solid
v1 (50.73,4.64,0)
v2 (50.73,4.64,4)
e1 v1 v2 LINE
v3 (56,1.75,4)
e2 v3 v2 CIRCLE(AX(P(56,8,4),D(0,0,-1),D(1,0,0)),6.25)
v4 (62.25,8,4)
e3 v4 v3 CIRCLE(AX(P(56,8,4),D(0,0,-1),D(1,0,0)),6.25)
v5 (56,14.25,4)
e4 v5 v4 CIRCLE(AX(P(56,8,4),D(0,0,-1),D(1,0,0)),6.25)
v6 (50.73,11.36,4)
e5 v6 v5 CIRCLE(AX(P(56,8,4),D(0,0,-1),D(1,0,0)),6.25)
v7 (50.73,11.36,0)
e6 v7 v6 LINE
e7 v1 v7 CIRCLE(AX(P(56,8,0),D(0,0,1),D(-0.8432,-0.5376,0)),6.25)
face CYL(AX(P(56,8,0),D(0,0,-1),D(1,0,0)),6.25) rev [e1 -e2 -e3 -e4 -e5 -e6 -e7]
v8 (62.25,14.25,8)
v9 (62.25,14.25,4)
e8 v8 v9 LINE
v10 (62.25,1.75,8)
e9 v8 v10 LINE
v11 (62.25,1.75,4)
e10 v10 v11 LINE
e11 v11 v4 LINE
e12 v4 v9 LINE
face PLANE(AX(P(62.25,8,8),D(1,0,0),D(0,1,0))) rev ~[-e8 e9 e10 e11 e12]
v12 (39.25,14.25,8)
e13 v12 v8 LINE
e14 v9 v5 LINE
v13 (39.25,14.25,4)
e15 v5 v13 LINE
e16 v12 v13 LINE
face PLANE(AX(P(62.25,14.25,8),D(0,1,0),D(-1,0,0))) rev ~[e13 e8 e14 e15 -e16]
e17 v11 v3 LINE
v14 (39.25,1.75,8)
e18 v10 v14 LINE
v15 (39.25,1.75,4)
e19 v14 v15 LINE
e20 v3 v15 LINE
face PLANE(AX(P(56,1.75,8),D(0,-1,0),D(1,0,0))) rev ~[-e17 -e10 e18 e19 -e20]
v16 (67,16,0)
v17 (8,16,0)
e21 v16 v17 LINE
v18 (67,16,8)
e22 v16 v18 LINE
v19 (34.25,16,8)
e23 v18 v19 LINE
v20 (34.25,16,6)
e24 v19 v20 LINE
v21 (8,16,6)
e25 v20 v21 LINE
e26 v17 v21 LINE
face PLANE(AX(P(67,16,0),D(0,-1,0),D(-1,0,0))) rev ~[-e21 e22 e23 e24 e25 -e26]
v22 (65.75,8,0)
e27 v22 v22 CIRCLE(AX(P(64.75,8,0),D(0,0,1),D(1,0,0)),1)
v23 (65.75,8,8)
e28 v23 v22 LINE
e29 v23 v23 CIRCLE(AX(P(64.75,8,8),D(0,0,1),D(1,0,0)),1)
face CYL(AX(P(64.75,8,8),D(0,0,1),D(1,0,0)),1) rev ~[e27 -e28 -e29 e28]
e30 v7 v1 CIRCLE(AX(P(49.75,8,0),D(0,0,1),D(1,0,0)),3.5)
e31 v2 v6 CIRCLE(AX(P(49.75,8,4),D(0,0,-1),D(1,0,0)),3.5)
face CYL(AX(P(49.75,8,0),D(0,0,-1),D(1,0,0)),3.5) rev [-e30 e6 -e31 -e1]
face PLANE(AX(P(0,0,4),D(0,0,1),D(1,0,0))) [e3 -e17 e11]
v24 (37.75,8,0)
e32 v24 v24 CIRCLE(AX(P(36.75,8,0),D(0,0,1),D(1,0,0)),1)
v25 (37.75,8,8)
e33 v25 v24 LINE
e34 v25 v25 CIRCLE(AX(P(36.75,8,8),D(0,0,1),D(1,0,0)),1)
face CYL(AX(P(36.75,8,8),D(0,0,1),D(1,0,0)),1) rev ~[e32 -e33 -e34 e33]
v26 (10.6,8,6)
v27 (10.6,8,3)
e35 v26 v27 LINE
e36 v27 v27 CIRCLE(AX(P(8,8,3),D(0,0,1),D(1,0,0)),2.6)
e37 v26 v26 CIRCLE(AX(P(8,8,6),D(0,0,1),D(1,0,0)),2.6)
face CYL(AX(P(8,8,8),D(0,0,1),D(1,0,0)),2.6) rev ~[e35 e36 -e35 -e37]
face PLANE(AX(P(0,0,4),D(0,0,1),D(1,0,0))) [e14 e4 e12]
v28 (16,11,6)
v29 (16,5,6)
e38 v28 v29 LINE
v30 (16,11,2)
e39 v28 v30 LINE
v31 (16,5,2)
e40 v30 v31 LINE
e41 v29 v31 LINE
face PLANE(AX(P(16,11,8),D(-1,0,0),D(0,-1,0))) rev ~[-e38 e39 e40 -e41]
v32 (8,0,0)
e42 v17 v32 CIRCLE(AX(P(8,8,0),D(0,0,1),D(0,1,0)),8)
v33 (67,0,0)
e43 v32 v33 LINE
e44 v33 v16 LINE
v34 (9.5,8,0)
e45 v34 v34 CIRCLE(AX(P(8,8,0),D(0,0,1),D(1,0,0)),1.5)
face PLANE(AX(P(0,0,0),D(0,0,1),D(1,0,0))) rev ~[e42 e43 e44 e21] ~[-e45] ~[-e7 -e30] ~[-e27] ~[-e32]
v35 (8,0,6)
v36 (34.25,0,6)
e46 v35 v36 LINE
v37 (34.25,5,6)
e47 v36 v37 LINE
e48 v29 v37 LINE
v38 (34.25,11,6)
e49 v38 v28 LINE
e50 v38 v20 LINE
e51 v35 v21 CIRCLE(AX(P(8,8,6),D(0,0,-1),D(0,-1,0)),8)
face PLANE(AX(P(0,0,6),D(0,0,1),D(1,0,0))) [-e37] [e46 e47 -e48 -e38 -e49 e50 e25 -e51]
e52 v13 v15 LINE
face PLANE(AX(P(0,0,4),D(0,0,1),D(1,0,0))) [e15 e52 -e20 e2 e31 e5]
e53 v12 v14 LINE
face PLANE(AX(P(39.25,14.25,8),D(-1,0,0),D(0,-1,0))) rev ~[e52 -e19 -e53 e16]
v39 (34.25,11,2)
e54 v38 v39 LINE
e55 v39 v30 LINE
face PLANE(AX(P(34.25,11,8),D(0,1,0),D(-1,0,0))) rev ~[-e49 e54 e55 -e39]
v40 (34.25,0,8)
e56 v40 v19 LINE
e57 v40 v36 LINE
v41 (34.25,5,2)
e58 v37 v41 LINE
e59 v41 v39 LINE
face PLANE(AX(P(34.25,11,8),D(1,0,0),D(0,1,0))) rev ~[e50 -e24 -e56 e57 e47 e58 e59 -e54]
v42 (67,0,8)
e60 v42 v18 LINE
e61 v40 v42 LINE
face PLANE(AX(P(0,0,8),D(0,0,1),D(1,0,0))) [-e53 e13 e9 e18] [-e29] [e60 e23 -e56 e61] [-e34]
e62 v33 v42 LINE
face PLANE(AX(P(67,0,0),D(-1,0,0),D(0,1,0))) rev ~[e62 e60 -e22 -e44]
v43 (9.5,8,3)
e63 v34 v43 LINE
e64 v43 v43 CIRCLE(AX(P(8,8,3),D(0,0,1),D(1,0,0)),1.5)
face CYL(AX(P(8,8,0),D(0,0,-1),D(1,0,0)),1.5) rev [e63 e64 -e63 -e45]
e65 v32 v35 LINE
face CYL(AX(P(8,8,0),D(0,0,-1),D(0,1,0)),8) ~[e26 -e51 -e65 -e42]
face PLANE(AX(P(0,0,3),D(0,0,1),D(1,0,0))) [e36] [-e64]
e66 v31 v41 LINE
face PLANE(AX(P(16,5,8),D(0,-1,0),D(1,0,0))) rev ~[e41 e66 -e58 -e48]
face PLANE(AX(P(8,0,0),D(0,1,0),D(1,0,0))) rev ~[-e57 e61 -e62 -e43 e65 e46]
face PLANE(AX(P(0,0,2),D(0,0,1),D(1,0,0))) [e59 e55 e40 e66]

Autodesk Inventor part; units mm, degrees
ref_plane "YZ Plane" through (0, 0, 0) normal (1, 0, 0) x (0, 1, 0)
ref_plane "XZ Plane" through (0, 0, 0) normal (0, 1, 0) x (-1, 0, 0)
ref_plane "XY Plane" through (0, 0, 0) normal (0, 0, 1) x (1, 0, 0)
sketch "Sketch1" plane through (0, 0, 0) normal (0, 0, 1) x (1, 0, 0)
  line L0 (8, 0) -> (67, 0)
  line L1 (67, 0) -> (67, 16)
  line L2 (67, 16) -> (8, 16)
  circle A0 centre (8, 8) radius 1.5
  circle A1 centre (56, 8) radius 6.25
  circle A2 centre (49.75, 8) radius 3.5
  arc A3 (8, 16) -> (8, 0) centre (8, 8) ccw
  point P0 (0, 0)
  point P1 (0, 8)
  point P2 (50.73, 4.64)
  point P3 (50.73, 11.36)
  dimension "d8" = 12.5
  dimension "d0" = 16
  dimension "d2" = 3
  dimension "d3" = 7
  dimension "d4" = 48
  dimension "d6" = 11
  dimension "d7" = 8
  dimension "d9" = 8
  dimension "d10" = 8
extrude "Extrusion1" add sketch "Sketch1" along normal blind 8
sketch "Sketch2" plane through (0, 0, 8) normal (0, 0, 1) x (1, 0, 0)
  line L0 (62.25, 14.25) -> (39.25, 14.25)
  line L1 (39.25, 14.25) -> (39.25, 1.75)
  line L2 (39.25, 1.75) -> (62.25, 1.75)
  line L3 (62.25, 1.75) -> (62.25, 14.25)
  line L4 (67, 16) -> (8, 16) projected
  line L5 (67, 0) -> (67, 16) projected
  circle A0 centre (36.75, 8) radius 1
  circle A1 centre (64.75, 8) radius 1
  line L6 (0, 0) -> (67, 0) projected
  arc A2 (50.73, 4.64) -> (50.73, 11.36) centre (56, 8) ccw projected
  line L7 (0, 16) -> (0, 0) projected
  line L8 (0, 0) -> (34.25, 0)
  line L9 (34.25, 0) -> (34.25, 16)
  line L10 (34.25, 16) -> (0, 16)
  line L11 (0, 16) -> (0, 0)
  circle A3 centre (8, 8) radius 1.5 projected
  circle A4 centre (8, 8) radius 2.6
  line L12 (16, 5) -> (34.25, 5)
  line L13 (34.25, 5) -> (34.25, 11)
  line L14 (34.25, 11) -> (16, 11)
  line L15 (16, 11) -> (16, 5)
  dimension "d13" = 23
  dimension "d14" = 12.5
  dimension "d15" = 1.75
  dimension "d19" = 2
  dimension "d20" = 2.5
  dimension "d21" = 2.5
  dimension "d26" = 8
  dimension "d27" = 8
  dimension "d42" = 5
  dimension "d43" = 5.2
  dimension "d44" = 5
  dimension "d45" = 5
  dimension "d53" = 8
extrude "Extrusion2" cut sketch "Sketch2" against normal blind 4 contours L3 A2 L0 | A2 L2 L1 L0 | L3 L2 A2
extrude "Extrusion6" cut sketch "Sketch2" against normal blind 2 contours L9 L14 L15 L12 L6 L7 L10 L4
extrude "Extrusion7" cut sketch "Sketch2" against normal blind 5 contours A4
extrude "Extrusion8" cut sketch "Sketch2" against normal blind 6 contours L9 L12 L15 L14
extrude "Extrusion9" cut sketch "Sketch2" against normal through all contours A0 | A1
properties part number "leg"
